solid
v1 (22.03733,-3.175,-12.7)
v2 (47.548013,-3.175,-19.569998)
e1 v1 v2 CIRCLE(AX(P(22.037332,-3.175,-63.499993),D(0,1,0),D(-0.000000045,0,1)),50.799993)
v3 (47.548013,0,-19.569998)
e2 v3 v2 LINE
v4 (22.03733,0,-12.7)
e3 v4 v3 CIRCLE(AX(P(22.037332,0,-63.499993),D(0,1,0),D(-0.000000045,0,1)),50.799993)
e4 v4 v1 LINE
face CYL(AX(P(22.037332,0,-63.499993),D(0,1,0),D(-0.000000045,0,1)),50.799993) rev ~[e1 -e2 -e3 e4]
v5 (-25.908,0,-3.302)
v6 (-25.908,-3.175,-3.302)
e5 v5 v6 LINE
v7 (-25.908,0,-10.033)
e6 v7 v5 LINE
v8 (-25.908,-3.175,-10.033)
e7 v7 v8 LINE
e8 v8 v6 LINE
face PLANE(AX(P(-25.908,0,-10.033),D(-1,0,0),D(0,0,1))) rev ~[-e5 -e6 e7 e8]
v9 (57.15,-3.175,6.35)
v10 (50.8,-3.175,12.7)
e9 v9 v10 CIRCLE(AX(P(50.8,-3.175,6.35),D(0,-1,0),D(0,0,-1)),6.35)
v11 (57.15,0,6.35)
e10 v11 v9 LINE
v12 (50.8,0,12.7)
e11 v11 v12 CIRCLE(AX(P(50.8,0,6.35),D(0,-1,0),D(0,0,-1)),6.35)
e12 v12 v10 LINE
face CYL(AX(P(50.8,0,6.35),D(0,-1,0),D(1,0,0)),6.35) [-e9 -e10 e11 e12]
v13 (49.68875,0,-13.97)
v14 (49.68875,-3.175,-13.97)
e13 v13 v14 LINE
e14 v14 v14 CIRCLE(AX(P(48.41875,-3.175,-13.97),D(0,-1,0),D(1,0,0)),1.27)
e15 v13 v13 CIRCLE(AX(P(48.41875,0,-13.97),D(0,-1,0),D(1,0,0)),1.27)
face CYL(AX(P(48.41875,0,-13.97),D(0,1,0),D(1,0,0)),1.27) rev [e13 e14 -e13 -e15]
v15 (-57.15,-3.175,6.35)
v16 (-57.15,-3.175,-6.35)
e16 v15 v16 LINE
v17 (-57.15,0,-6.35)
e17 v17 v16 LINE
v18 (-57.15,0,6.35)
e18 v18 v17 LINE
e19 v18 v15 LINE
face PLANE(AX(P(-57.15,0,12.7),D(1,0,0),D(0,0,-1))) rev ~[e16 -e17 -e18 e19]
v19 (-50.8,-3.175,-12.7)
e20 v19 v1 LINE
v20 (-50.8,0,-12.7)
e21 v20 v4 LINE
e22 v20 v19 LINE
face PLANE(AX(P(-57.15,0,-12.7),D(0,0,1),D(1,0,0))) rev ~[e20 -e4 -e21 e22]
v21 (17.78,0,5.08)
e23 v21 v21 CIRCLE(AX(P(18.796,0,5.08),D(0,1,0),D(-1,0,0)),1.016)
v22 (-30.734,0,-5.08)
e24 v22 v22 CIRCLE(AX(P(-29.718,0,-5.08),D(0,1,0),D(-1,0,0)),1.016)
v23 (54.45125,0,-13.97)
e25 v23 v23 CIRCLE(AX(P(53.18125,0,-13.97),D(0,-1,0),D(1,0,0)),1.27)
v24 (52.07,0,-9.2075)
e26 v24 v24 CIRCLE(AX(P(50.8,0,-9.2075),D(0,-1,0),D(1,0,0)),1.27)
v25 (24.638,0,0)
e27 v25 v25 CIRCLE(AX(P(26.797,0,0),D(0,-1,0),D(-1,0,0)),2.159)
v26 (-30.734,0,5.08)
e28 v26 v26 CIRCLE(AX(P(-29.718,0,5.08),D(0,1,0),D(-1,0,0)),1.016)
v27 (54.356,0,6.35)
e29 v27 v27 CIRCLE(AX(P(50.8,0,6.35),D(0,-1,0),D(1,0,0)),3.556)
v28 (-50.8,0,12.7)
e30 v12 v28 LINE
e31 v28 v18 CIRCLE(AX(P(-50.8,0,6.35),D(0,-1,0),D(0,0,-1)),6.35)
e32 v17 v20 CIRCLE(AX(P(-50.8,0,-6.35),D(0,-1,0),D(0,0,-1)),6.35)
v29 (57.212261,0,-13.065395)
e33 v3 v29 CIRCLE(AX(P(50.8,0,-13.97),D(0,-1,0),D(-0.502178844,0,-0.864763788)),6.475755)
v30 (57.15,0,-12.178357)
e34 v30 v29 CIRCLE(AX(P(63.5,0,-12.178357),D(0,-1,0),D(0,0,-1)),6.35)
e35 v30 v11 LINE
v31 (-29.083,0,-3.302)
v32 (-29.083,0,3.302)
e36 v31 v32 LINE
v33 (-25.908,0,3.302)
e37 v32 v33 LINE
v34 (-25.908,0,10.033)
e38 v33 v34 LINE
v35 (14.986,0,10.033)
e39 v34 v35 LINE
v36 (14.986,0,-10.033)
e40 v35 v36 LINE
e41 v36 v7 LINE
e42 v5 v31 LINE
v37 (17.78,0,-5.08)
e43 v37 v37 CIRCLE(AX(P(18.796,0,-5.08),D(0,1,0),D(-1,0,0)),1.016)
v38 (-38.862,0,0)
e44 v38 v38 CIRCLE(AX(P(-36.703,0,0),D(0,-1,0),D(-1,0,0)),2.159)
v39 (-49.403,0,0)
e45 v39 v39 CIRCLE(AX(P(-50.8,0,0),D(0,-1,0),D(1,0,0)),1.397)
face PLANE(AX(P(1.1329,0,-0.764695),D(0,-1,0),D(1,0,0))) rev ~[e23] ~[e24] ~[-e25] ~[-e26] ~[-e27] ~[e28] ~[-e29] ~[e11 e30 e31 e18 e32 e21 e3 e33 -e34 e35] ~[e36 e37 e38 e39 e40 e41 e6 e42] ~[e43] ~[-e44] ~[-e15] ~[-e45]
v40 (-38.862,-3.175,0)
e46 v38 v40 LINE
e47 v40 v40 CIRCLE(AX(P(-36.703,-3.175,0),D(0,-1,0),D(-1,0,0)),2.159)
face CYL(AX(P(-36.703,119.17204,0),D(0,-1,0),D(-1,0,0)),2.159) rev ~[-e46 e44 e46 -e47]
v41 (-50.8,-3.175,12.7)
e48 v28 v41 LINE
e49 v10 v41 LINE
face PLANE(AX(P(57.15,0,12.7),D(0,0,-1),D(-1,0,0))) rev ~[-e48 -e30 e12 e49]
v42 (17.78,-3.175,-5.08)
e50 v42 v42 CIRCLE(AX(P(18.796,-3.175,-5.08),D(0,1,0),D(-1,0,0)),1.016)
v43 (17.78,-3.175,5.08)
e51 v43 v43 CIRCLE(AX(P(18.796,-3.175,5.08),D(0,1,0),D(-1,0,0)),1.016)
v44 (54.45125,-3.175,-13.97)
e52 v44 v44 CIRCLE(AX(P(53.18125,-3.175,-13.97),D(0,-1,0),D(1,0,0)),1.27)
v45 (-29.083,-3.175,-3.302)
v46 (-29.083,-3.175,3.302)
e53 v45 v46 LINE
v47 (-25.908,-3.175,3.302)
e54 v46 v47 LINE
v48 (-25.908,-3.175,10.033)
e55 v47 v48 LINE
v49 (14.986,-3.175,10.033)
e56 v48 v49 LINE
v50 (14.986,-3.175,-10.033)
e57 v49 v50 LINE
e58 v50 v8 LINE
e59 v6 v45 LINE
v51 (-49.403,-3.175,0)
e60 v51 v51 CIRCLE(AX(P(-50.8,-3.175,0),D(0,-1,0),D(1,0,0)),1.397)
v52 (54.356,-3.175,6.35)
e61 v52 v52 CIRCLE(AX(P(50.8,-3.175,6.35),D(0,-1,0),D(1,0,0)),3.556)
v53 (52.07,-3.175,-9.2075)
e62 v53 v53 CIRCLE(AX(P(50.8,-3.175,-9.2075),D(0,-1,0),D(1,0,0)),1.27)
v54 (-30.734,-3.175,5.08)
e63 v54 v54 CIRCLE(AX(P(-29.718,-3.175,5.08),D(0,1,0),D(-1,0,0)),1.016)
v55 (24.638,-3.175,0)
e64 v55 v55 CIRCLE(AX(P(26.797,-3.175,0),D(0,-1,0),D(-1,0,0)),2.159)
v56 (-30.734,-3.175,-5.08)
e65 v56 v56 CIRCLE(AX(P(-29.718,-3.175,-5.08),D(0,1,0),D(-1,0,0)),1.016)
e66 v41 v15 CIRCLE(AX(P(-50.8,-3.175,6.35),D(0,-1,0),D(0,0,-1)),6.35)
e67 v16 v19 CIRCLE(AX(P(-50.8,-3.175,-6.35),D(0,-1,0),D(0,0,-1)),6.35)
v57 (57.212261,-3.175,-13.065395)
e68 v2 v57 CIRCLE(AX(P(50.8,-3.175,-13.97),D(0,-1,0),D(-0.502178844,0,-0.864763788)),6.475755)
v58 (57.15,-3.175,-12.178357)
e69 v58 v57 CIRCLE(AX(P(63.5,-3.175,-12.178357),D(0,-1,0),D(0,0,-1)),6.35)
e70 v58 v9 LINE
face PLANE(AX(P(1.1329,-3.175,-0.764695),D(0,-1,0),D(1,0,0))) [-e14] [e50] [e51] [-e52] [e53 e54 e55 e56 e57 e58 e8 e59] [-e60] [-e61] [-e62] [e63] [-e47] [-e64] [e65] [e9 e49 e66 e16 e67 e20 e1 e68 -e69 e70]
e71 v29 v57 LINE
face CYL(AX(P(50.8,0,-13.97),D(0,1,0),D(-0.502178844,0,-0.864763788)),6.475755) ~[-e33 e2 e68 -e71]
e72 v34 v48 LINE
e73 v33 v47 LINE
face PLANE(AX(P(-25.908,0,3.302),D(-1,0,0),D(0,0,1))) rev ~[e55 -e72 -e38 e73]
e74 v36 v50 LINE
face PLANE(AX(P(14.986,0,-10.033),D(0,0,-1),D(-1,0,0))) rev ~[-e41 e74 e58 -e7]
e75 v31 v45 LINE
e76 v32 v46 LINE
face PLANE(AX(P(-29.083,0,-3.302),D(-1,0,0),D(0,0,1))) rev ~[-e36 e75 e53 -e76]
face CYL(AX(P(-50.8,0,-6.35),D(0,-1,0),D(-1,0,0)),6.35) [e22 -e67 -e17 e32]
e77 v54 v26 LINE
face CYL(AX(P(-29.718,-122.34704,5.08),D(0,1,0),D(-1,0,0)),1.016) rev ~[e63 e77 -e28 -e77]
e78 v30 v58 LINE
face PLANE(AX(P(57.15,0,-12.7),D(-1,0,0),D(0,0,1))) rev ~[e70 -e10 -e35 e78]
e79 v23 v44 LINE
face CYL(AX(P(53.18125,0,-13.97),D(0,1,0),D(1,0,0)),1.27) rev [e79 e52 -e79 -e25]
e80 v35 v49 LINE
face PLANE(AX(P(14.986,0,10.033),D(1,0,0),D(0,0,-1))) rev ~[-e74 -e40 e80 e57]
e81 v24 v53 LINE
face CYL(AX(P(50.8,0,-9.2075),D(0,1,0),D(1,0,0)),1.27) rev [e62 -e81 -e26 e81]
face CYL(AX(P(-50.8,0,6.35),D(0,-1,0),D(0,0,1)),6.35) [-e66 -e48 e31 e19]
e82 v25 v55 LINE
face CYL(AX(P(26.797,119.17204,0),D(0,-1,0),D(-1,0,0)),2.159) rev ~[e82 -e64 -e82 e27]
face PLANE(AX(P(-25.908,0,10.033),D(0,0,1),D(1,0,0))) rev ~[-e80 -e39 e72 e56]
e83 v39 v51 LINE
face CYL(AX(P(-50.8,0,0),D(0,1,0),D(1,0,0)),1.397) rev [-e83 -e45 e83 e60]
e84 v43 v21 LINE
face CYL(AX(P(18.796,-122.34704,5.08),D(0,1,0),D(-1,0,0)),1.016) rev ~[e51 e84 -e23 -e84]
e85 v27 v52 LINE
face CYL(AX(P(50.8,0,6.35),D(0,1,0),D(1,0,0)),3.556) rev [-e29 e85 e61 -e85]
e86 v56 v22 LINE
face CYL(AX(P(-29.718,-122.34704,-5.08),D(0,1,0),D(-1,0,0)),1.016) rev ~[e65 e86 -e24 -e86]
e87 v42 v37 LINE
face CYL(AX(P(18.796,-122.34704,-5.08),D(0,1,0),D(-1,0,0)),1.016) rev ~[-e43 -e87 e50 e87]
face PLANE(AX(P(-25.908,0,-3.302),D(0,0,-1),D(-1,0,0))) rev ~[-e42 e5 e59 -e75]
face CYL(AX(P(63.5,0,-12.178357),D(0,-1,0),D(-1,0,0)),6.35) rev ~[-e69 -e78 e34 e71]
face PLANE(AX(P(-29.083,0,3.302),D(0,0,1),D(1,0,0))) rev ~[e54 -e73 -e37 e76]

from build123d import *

# Parameters (mm, degrees)
F0_R     = 1.27
F0_R_2   = 1.397
F0_R_3   = 3.556
F1_DEPTH = 3.175
F3_D     = 2.032
F5_D     = 4.318
F6_R     = 6.35


with BuildPart() as f1:
    # F0 (on Front) → F1 (new body)
    with BuildSketch(Plane.XZ):
        with BuildLine():
            Line((57.15, -12.7), (57.15, 12.7))
            Line((57.15, 12.7), (-57.15, 12.7))
            Line((-57.15, 12.7), (-57.15, -12.7))
            Line((-57.15, -12.7), (22.03733, -12.7))
            ThreePointArc((22.03733, -12.7), (35.247098, -14.447558), (47.548013, -19.569998))
            ThreePointArc((47.548013, -19.569998), (54.568108, -19.23657), (57.15, -12.7))
        make_face()
        with Locations((48.41875, -13.97)):
            Circle(F0_R, mode=Mode.SUBTRACT)
        with Locations((53.18125, -13.97)):
            Circle(F0_R, mode=Mode.SUBTRACT)
        with Locations((50.8, -9.2075)):
            Circle(F0_R, mode=Mode.SUBTRACT)
        with Locations((-50.8, 0)):
            Circle(F0_R_2, mode=Mode.SUBTRACT)
        Polygon((-25.908, 10.033), (14.986, 10.033), (14.986, -10.033), (-25.908, -10.033), (-25.908, -3.302), (-29.083, -3.302), (-29.083, 3.302), (-25.908, 3.302), align=None, mode=Mode.SUBTRACT)
        with Locations((50.8, 6.35)):
            Circle(F0_R_3, mode=Mode.SUBTRACT)
    extrude(amount=F1_DEPTH)

    # F3 (through all)
    with Locations(Plane.XZ.offset(3.175)):
        with Locations((-29.718, 5.08), (18.796, 5.08), (18.796, -5.08), (-29.718, -5.08)):
            Hole(F3_D / 2)

    # F5 (through all)
    with Locations(Plane(origin=(0, 0, 0), x_dir=(1, 0, 0), z_dir=(0, 1, 0))):
        with Locations((-36.703, 0), (26.797, 0)):
            Hole(F5_D / 2)

    # F6
    f6_edges = [f1.edges().sort_by_distance(p)[0] for p in [
        (-57.15, -1.5875, 12.7),
        (-57.15, -1.5875, -12.7),
        (57.15, -1.5875, 12.7),
        (57.15, -1.5875, -12.7),
    ]]
    fillet(f6_edges, radius=F6_R)


solid = f1.part
